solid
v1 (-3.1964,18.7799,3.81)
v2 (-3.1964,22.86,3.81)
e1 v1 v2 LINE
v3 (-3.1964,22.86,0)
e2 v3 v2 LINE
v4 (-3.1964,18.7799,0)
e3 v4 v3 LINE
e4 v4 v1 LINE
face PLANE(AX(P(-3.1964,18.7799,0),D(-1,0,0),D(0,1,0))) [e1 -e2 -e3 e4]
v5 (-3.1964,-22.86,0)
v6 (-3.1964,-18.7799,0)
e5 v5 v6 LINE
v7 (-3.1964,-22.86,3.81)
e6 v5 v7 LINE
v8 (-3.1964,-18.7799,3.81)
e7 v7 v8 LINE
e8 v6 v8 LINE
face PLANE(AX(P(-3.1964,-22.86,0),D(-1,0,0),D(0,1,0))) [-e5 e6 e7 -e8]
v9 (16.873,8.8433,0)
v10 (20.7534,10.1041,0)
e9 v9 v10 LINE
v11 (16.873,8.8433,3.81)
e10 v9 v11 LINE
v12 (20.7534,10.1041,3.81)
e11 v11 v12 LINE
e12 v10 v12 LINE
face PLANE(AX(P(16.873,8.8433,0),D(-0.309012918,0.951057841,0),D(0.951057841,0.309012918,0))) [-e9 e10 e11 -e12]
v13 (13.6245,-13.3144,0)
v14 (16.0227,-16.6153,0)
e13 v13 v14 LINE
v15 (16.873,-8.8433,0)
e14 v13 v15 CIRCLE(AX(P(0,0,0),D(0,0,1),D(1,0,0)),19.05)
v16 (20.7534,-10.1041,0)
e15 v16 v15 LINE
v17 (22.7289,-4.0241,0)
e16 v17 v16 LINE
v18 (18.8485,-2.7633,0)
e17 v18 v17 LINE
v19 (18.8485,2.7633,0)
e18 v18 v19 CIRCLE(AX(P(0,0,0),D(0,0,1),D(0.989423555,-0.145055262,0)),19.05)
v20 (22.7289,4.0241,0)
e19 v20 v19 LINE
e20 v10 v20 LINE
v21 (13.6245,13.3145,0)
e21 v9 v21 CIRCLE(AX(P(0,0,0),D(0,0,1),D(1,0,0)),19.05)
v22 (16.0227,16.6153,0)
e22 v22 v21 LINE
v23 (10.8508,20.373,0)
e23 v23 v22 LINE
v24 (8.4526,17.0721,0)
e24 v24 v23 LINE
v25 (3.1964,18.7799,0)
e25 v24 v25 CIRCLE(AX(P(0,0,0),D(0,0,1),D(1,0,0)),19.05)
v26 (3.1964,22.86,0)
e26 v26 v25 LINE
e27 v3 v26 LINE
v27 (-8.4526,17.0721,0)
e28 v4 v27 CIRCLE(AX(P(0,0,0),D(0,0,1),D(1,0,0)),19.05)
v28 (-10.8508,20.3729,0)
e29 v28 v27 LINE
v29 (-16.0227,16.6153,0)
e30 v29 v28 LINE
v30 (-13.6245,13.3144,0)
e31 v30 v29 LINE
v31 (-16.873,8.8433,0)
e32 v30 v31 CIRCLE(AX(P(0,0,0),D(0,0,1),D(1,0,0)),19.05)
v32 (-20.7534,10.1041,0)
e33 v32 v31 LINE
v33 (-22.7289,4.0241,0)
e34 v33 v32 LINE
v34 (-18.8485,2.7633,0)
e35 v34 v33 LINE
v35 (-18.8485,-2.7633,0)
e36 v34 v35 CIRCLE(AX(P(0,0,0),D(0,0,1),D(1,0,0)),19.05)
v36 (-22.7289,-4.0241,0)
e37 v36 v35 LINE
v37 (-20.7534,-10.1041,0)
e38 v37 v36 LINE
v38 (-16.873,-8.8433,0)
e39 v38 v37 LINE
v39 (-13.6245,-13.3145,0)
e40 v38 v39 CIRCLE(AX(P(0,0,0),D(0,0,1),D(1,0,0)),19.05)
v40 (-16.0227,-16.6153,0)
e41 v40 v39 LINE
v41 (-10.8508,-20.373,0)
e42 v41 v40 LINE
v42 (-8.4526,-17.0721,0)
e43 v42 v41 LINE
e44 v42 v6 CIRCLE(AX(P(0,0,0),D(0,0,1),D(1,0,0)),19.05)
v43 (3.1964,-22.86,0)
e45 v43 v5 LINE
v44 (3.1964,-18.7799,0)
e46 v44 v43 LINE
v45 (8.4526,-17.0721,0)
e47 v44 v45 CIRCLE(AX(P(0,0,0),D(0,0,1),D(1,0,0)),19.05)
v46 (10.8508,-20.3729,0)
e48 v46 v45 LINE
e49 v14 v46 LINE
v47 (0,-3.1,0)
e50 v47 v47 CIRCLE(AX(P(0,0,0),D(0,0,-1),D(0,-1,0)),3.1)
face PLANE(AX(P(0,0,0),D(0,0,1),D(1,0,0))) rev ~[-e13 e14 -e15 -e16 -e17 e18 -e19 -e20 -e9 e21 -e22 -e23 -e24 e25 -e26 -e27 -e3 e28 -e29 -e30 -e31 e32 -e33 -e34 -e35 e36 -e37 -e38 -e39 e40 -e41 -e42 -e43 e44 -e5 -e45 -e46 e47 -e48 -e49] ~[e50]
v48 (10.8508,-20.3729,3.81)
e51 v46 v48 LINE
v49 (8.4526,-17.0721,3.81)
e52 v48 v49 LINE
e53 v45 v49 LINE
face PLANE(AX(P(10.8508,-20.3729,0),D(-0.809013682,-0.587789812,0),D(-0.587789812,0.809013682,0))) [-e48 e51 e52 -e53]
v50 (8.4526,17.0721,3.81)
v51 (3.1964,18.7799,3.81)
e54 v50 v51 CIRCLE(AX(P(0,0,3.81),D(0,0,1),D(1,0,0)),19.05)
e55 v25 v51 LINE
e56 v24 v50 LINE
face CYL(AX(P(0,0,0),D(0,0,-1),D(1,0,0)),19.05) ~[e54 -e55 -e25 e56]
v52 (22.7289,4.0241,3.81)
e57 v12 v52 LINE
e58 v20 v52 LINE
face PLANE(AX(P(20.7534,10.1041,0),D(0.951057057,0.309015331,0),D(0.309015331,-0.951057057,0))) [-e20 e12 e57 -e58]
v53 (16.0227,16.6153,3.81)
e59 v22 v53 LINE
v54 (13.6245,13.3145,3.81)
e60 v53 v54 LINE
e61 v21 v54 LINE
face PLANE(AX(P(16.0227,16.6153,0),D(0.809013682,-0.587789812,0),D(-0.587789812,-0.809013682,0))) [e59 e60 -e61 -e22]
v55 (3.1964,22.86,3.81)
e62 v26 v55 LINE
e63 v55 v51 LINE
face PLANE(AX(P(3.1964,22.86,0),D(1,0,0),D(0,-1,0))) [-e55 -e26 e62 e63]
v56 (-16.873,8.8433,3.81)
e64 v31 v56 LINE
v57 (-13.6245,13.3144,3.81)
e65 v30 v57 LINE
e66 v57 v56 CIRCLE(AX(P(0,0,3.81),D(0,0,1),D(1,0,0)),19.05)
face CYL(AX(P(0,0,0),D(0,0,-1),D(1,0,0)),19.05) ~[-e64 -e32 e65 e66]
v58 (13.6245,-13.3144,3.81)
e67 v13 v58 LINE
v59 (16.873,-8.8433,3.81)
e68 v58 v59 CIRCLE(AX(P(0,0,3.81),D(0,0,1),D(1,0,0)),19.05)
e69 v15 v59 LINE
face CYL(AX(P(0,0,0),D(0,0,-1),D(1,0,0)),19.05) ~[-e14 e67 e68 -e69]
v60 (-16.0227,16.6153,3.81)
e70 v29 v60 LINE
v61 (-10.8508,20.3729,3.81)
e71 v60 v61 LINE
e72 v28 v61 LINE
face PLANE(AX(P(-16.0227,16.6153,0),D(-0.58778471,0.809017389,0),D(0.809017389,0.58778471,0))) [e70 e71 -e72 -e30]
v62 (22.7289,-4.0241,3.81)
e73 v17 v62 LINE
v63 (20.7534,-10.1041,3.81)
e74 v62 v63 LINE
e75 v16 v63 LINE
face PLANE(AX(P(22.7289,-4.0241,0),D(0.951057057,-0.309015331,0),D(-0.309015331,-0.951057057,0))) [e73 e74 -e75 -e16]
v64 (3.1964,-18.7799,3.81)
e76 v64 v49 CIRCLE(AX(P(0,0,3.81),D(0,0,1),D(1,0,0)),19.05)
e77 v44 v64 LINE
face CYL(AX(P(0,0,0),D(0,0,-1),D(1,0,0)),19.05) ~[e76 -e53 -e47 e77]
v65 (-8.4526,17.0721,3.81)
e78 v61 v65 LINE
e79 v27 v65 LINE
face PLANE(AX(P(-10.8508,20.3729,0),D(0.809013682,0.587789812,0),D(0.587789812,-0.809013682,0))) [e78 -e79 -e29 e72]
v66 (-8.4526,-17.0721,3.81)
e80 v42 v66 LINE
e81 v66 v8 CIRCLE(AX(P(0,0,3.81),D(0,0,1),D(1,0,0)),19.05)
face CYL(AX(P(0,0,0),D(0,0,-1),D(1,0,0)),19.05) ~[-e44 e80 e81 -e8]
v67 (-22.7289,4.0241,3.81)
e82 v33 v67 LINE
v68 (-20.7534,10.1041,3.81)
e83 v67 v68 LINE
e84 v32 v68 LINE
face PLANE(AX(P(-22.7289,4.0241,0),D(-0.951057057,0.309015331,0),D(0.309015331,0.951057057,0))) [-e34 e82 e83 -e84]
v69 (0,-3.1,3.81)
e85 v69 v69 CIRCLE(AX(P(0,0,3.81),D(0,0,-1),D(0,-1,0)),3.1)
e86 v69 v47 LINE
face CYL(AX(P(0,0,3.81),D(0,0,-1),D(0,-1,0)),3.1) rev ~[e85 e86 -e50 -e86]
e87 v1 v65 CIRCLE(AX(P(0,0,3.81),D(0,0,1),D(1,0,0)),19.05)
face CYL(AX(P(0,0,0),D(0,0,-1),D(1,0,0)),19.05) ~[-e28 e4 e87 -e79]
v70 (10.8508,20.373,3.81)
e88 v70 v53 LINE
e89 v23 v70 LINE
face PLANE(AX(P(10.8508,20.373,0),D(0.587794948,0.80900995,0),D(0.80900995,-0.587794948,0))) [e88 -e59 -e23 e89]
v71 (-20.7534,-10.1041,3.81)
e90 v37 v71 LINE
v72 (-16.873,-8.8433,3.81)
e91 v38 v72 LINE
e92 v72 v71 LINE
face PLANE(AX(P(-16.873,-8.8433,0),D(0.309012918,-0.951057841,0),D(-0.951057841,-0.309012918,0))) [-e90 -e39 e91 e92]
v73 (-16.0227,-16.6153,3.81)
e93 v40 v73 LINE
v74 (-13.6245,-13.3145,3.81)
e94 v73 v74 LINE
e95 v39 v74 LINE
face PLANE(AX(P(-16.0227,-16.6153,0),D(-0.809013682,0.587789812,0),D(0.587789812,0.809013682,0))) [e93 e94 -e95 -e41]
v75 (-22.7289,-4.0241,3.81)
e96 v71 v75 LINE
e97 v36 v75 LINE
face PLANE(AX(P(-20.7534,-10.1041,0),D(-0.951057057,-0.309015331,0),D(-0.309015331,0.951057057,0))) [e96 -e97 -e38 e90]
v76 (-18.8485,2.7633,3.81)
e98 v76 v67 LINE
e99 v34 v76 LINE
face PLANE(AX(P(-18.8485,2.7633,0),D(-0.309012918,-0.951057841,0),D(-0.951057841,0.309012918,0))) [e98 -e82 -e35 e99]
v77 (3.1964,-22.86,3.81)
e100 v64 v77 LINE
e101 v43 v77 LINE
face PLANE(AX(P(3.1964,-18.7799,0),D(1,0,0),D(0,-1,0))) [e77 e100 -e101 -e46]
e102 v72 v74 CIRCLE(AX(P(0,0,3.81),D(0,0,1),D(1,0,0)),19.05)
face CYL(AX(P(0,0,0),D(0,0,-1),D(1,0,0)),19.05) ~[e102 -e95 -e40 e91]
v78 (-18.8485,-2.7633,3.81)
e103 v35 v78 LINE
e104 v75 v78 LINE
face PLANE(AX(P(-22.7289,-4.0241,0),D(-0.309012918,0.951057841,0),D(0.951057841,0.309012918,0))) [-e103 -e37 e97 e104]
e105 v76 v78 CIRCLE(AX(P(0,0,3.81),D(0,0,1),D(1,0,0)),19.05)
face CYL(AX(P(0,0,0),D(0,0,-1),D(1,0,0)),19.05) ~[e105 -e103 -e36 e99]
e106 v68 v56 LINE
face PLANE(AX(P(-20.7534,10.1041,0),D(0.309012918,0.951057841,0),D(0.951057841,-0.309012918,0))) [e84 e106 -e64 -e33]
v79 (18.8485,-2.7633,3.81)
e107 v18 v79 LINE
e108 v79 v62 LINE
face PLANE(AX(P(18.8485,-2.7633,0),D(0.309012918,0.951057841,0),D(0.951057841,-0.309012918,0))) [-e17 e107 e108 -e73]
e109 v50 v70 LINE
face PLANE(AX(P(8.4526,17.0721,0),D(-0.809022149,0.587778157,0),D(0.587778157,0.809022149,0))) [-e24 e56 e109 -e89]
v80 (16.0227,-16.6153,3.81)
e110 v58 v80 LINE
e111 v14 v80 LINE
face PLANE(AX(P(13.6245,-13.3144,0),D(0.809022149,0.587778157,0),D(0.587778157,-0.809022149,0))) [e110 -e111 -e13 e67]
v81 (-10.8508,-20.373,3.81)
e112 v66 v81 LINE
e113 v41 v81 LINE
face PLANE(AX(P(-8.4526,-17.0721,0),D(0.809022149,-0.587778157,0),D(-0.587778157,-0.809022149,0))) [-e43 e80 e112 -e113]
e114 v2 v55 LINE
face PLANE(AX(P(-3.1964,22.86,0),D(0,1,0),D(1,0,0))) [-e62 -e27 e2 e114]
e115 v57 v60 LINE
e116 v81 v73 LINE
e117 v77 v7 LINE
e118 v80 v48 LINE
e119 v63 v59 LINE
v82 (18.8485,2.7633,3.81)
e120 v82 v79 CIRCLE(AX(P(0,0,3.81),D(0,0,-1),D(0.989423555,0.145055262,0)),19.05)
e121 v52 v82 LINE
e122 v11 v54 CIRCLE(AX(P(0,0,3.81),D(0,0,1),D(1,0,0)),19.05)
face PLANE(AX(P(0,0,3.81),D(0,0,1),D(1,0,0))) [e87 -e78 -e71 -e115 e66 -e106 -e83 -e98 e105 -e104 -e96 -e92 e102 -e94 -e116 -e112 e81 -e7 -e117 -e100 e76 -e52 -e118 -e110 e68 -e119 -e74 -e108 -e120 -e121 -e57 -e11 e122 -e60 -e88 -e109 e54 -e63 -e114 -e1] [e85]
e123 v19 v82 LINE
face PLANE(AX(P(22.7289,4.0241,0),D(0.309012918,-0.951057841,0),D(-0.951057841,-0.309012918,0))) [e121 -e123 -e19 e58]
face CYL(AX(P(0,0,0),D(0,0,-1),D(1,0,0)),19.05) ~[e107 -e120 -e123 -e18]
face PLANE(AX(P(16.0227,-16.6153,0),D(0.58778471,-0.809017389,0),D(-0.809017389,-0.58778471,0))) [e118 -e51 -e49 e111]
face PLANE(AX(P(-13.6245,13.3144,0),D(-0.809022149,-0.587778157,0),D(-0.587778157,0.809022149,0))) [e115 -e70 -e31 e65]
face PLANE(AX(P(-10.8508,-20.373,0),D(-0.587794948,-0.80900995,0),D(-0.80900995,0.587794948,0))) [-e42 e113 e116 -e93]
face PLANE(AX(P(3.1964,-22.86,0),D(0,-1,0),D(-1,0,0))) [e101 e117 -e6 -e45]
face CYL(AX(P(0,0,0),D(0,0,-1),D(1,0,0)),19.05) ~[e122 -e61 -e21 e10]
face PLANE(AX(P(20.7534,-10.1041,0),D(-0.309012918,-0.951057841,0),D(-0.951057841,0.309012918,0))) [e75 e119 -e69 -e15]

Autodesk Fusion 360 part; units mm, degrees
sketch "wheel" plane through (0, 0, 0) normal (0, 0, 1) x (1, 0, 0)
  circle A0 centre (0, 0) radius 19.05
  line L0 (-3.1964, 18.7799) -> (-3.1964, 22.86)
  line L1 (-3.1964, 22.86) -> (3.1964, 22.86)
  line L2 (3.1964, 22.86) -> (3.1964, 18.7799)
  line L3 (-13.6245, 13.3144) -> (-16.0227, 16.6153)
  line L4 (-16.0227, 16.6153) -> (-10.8508, 20.3729)
  line L5 (-10.8508, 20.3729) -> (-8.4526, 17.0721)
  line L6 (-18.8485, 2.7633) -> (-22.7289, 4.0241)
  line L7 (-22.7289, 4.0241) -> (-20.7534, 10.1041)
  line L8 (-20.7534, 10.1041) -> (-16.873, 8.8433)
  line L9 (-16.873, -8.8433) -> (-20.7534, -10.1041)
  line L10 (-20.7534, -10.1041) -> (-22.7289, -4.0241)
  line L11 (-22.7289, -4.0241) -> (-18.8485, -2.7633)
  line L12 (-8.4526, -17.0721) -> (-10.8508, -20.373)
  line L13 (-10.8508, -20.373) -> (-16.0227, -16.6153)
  line L14 (-16.0227, -16.6153) -> (-13.6245, -13.3145)
  line L15 (3.1964, -18.7799) -> (3.1964, -22.86)
  line L16 (3.1964, -22.86) -> (-3.1964, -22.86)
  line L17 (-3.1964, -22.86) -> (-3.1964, -18.7799)
  line L18 (13.6245, -13.3144) -> (16.0227, -16.6153)
  line L19 (16.0227, -16.6153) -> (10.8508, -20.3729)
  line L20 (10.8508, -20.3729) -> (8.4526, -17.0721)
  line L21 (18.8485, -2.7633) -> (22.7289, -4.0241)
  line L22 (22.7289, -4.0241) -> (20.7534, -10.1041)
  line L23 (20.7534, -10.1041) -> (16.873, -8.8433)
  line L24 (16.873, 8.8433) -> (20.7534, 10.1041)
  line L25 (20.7534, 10.1041) -> (22.7289, 4.0241)
  line L26 (22.7289, 4.0241) -> (18.8485, 2.7633)
  line L27 (8.4526, 17.0721) -> (10.8508, 20.373)
  line L28 (10.8508, 20.373) -> (16.0227, 16.6153)
  line L29 (16.0227, 16.6153) -> (13.6245, 13.3145)
  dimension "d1" = 38.1
  dimension "d2" = 6.3929
  dimension "d3" = 4.0801
  dimension "d5" = 360
extrude "Extrude1" add sketch "wheel" along normal blind 3.81
sketch "hole punch" plane through (0, 0, 3.81) normal (0, 0, 1) x (-1, 0, 0)
  arc A0 (-8.4526, -17.0721) -> (-3.1964, -18.7799) centre (0, 0) ccw
  line L0 (-3.1964, -18.7799) -> (-3.1964, -22.86)
  line L1 (-3.1964, -22.86) -> (3.1964, -22.86)
  line L2 (3.1964, -22.86) -> (3.1964, -18.7799)
  arc A1 (3.1964, -18.7799) -> (8.4526, -17.0721) centre (0, 0) ccw
  line L3 (8.4526, -17.0721) -> (10.8508, -20.3729)
  line L4 (10.8508, -20.3729) -> (16.0227, -16.6153)
  line L5 (16.0227, -16.6153) -> (13.6245, -13.3144)
  arc A2 (13.6245, -13.3144) -> (16.873, -8.8433) centre (0, 0) ccw
  line L6 (16.873, -8.8433) -> (20.7534, -10.1041)
  line L7 (20.7534, -10.1041) -> (22.7289, -4.0241)
  line L8 (22.7289, -4.0241) -> (18.8485, -2.7633)
  arc A3 (18.8485, -2.7633) -> (18.8485, 2.7633) centre (0, 0) ccw
  line L9 (18.8485, 2.7633) -> (22.7289, 4.0241)
  line L10 (22.7289, 4.0241) -> (20.7534, 10.1041)
  line L11 (20.7534, 10.1041) -> (16.873, 8.8433)
  arc A4 (16.873, 8.8433) -> (13.6245, 13.3145) centre (0, 0) ccw
  line L12 (13.6245, 13.3145) -> (16.0227, 16.6153)
  line L13 (16.0227, 16.6153) -> (10.8508, 20.373)
  line L14 (10.8508, 20.373) -> (8.4526, 17.0721)
  arc A5 (8.4526, 17.0721) -> (3.1964, 18.7799) centre (0, 0) ccw
  line L15 (3.1964, 18.7799) -> (3.1964, 22.86)
  line L16 (3.1964, 22.86) -> (-3.1964, 22.86)
  line L17 (-3.1964, 22.86) -> (-3.1964, 18.7799)
  arc A6 (-3.1964, 18.7799) -> (-8.4526, 17.0721) centre (0, 0) ccw
  line L18 (-8.4526, 17.0721) -> (-10.8508, 20.3729)
  line L19 (-10.8508, 20.3729) -> (-16.0227, 16.6153)
  line L20 (-16.0227, 16.6153) -> (-13.6245, 13.3144)
  arc A7 (-13.6245, 13.3144) -> (-16.873, 8.8433) centre (0, 0) ccw
  line L21 (-16.873, 8.8433) -> (-20.7534, 10.1041)
  line L22 (-20.7534, 10.1041) -> (-22.7289, 4.0241)
  line L23 (-22.7289, 4.0241) -> (-18.8485, 2.7633)
  arc A8 (-18.8485, 2.7633) -> (-18.8485, -2.7633) centre (0, 0) ccw
  line L24 (-18.8485, -2.7633) -> (-22.7289, -4.0241)
  line L25 (-22.7289, -4.0241) -> (-20.7534, -10.1041)
  line L26 (-20.7534, -10.1041) -> (-16.873, -8.8433)
  arc A9 (-16.873, -8.8433) -> (-13.6245, -13.3145) centre (0, 0) ccw
  line L27 (-13.6245, -13.3145) -> (-16.0227, -16.6153)
  line L28 (-16.0227, -16.6153) -> (-10.8508, -20.373)
  line L29 (-10.8508, -20.373) -> (-8.4526, -17.0721)
  circle A10 centre (0, 0) radius 19.05
  line L30 (0.0528, -19.0499) -> (0.0528, 19.0499)
  line L31 (19.05, 0) -> (-19.05, 0)
hole "Hole1" at (0, 0, 3.81) direction (0, 0, -1) diameter 6.2 depth 6.2 tip angle 118
